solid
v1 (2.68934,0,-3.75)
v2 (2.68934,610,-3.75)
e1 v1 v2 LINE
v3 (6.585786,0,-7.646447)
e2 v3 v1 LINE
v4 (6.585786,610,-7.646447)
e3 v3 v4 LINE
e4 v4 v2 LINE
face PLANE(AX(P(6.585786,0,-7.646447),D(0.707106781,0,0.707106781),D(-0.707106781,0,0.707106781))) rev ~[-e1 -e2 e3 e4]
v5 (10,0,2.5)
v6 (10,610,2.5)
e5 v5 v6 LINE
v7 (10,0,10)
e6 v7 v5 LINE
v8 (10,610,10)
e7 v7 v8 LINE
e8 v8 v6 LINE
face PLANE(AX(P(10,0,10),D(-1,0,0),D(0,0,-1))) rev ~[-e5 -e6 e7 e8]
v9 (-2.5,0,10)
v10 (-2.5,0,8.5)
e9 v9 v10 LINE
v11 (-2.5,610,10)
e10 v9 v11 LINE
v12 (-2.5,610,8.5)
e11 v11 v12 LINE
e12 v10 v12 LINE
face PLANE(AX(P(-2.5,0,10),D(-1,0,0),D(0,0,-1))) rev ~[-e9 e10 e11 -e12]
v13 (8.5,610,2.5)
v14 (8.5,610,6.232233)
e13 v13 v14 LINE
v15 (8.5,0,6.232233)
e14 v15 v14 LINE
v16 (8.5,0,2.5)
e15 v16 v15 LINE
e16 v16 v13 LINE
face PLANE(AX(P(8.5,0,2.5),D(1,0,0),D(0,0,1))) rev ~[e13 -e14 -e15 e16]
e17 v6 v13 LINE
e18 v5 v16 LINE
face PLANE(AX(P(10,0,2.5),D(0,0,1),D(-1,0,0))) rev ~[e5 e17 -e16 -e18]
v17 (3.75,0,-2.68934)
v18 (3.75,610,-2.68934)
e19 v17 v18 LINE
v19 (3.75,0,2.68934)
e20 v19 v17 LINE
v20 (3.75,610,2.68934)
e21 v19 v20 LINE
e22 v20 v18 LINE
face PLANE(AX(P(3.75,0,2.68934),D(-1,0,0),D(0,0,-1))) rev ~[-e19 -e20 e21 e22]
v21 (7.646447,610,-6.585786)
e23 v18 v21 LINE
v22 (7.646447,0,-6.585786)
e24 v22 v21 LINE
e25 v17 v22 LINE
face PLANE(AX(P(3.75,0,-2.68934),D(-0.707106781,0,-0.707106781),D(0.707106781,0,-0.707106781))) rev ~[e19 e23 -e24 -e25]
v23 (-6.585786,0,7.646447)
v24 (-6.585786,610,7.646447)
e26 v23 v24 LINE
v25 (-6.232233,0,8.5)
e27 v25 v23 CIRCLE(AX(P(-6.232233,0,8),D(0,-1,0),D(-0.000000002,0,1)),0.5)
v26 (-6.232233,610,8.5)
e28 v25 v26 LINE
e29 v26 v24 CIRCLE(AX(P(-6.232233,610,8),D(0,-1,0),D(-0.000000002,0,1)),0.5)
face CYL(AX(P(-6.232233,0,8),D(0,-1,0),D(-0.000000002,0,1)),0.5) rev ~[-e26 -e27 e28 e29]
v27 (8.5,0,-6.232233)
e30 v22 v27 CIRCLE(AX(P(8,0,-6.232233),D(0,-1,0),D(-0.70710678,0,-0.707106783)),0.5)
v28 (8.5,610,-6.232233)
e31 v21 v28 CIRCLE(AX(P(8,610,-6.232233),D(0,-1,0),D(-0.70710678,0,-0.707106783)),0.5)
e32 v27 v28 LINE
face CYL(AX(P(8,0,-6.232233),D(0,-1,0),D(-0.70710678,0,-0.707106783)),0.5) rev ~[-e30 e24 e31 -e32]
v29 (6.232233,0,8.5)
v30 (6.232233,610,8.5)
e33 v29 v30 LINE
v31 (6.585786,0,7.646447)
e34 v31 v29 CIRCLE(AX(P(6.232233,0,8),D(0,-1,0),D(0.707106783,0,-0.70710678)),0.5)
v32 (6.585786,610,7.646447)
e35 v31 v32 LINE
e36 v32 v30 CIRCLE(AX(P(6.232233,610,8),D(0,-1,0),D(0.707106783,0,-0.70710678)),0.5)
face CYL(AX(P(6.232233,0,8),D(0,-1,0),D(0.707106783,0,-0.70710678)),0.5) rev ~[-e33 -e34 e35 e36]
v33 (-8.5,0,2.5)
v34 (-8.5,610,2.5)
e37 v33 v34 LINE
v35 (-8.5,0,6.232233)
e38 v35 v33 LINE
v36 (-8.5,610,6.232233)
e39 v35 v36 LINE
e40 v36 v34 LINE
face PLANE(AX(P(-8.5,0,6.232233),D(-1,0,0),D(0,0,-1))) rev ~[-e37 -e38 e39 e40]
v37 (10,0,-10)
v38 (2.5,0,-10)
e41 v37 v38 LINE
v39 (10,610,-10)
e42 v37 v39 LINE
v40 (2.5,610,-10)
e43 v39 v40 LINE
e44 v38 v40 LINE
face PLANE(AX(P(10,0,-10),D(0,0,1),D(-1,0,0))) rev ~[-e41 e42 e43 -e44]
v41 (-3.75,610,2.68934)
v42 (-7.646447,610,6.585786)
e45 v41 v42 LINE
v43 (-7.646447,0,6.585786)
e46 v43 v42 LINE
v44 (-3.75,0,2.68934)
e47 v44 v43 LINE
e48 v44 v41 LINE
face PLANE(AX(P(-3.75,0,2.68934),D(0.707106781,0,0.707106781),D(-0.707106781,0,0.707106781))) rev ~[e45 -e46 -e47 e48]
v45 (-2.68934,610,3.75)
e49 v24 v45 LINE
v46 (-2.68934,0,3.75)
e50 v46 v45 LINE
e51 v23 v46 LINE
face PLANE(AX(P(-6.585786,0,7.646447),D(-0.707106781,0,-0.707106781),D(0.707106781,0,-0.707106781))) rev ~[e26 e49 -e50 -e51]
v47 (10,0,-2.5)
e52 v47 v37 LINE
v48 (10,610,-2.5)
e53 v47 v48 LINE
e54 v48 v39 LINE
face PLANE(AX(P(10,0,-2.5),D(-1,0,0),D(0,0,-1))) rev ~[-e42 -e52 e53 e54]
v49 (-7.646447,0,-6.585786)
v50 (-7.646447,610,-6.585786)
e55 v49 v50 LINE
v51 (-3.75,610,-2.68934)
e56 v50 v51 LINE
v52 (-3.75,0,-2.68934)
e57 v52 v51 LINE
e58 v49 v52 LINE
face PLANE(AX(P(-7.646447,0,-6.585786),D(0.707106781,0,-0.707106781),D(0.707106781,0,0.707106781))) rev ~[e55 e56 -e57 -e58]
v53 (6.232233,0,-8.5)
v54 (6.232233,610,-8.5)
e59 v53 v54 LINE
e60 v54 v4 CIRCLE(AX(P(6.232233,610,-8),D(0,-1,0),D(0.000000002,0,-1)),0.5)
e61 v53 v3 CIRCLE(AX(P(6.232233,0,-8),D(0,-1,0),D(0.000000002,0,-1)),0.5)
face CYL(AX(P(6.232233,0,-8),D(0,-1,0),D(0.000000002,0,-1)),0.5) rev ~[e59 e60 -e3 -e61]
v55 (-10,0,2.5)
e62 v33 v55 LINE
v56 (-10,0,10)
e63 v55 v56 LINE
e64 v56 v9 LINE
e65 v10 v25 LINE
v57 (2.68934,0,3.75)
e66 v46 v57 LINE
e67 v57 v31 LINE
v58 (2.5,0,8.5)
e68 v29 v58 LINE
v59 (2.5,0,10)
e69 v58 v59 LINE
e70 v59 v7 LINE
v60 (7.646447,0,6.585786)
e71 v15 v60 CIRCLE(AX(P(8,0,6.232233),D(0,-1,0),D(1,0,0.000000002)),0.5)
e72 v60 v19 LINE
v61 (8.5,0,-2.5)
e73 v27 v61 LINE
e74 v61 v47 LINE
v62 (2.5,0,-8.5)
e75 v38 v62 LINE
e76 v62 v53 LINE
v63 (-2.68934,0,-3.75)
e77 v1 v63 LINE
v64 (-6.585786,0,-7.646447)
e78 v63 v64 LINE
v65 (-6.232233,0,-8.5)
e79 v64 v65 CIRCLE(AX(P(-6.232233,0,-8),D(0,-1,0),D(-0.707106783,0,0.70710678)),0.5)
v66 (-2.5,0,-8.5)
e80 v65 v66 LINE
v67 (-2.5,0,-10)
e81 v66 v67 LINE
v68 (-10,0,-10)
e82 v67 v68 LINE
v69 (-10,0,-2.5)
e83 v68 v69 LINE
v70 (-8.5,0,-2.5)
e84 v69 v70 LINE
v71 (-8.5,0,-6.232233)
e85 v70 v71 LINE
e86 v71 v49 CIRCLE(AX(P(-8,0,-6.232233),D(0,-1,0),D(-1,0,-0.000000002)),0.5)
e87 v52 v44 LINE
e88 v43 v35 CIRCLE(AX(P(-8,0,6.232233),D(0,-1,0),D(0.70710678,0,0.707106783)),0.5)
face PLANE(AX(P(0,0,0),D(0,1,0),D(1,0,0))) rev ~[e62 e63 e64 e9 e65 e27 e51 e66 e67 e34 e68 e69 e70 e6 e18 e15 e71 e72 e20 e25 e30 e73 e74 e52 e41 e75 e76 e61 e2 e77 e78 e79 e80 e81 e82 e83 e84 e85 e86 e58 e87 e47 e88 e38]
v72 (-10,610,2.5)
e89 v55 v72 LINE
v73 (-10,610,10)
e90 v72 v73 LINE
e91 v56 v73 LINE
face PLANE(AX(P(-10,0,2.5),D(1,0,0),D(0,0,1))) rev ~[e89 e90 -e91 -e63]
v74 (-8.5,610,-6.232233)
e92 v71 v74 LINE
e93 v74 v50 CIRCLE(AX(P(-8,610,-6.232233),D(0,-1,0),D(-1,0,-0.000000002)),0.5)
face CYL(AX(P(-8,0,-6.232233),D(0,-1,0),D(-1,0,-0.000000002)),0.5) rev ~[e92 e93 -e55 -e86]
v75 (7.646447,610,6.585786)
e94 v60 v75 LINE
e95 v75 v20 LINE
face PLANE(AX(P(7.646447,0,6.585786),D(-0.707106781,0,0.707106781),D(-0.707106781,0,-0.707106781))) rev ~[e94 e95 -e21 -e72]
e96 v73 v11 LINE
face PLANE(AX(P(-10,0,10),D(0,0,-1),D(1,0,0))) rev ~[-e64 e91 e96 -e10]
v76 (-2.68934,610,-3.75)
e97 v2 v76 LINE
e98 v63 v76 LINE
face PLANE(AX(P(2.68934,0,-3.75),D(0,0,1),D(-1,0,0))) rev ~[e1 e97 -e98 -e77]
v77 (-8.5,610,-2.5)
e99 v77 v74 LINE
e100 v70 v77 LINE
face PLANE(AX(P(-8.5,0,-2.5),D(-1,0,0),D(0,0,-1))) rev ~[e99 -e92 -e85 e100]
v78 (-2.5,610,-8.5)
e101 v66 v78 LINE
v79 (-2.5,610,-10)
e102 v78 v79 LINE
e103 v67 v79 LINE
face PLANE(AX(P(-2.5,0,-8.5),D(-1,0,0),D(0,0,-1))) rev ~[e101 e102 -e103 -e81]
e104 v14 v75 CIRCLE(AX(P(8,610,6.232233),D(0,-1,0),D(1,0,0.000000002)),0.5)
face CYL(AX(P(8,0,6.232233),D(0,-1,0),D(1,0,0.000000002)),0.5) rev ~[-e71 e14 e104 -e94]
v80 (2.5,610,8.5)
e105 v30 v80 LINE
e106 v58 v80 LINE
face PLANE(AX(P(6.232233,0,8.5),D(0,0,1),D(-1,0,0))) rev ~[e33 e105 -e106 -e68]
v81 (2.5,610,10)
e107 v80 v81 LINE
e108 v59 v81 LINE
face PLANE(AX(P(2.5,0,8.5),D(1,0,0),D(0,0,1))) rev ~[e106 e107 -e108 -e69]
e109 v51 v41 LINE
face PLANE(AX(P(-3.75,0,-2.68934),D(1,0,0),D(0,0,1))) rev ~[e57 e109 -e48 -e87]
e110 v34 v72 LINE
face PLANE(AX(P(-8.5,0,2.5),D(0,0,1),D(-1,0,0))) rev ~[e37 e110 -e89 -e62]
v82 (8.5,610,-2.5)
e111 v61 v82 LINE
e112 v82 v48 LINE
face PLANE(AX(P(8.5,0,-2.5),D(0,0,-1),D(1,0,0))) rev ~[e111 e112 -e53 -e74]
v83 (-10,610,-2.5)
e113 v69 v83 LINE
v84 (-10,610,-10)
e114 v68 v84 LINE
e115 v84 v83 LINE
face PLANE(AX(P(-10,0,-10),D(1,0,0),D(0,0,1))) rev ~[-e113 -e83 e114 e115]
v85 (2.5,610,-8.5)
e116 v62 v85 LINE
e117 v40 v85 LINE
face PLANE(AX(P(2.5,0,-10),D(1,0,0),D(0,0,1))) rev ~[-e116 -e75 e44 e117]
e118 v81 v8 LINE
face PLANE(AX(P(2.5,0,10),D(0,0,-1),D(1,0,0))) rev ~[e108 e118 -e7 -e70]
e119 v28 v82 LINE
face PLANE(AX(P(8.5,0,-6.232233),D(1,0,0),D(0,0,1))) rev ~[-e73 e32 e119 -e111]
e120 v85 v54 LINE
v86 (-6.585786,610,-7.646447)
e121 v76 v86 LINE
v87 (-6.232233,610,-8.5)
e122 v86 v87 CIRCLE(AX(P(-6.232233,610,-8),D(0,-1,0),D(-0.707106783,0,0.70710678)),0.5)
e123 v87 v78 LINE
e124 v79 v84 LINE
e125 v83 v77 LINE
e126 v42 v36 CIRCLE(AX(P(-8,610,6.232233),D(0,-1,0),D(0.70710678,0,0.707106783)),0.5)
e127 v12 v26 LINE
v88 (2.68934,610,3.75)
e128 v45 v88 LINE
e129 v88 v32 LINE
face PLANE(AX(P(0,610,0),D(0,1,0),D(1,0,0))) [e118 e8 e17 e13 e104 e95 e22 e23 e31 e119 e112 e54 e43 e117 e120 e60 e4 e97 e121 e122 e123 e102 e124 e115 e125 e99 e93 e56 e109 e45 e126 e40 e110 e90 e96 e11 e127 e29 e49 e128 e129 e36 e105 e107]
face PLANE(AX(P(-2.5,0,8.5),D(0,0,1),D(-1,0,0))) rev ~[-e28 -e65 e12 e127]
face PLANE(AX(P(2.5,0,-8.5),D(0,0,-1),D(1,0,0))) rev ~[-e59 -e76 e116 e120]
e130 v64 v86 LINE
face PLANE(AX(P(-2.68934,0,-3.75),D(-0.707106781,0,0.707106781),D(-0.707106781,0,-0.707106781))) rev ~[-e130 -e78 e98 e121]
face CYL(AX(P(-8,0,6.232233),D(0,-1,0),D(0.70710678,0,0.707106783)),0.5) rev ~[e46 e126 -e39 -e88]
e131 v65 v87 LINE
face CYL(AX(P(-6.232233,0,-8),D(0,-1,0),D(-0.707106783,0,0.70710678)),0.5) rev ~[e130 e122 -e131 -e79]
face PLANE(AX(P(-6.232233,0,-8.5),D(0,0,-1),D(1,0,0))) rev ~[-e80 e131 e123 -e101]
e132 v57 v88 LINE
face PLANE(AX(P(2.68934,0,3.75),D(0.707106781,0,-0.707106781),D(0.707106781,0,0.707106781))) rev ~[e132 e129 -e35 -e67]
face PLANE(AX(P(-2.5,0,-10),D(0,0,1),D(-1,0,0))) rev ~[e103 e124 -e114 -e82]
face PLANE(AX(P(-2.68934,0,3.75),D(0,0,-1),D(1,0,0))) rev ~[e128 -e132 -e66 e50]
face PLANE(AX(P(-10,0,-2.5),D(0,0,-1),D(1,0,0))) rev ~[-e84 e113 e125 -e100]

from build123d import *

# Parameters (mm, degrees)
BOSS_EXTRU_1_DEPTH = 610


with BuildPart() as part:
    # Esquisse1 → Boss.-Extru.1 (new body)
    with BuildSketch(Plane(origin=(0, 0, 0), x_dir=(1, 0, 0), z_dir=(0, 1, 0))):
        with BuildLine():
            Line((-10, -2.5), (-10, -10))
            Line((-10, -10), (-2.5, -10))
            Line((-2.5, -10), (-2.5, -8.5))
            Line((-2.5, -8.5), (-6.232233047, -8.5))
            ThreePointArc((-6.232233047, -8.5), (-6.694172813, -8.191341716), (-6.585786438, -7.646446609))
            Line((-6.585786438, -7.646446609), (-2.689339828, -3.75))
            Line((-2.689339828, -3.75), (2.689339828, -3.75))
            Line((2.689339828, -3.75), (6.585786438, -7.646446609))
            ThreePointArc((6.585786438, -7.646446609), (6.694172813, -8.191341716), (6.232233047, -8.5))
            Line((6.232233047, -8.5), (2.5, -8.5))
            Line((2.5, -8.5), (2.5, -10))
            Line((2.5, -10), (10, -10))
            Line((10, -10), (10, -2.5))
            Line((10, -2.5), (8.5, -2.5))
            Line((8.5, -2.5), (8.5, -6.232233047))
            ThreePointArc((8.5, -6.232233047), (8.191341716, -6.694172813), (7.646446609, -6.585786438))
            Line((7.646446609, -6.585786438), (3.75, -2.689339828))
            Line((3.75, -2.689339828), (3.75, 2.689339828))
            Line((3.75, 2.689339828), (7.646446609, 6.585786438))
            ThreePointArc((7.646446609, 6.585786438), (8.191341716, 6.694172813), (8.5, 6.232233047))
            Line((8.5, 6.232233047), (8.5, 2.5))
            Line((8.5, 2.5), (10, 2.5))
            Line((10, 2.5), (10, 10))
            Line((10, 10), (2.5, 10))
            Line((2.5, 10), (2.5, 8.5))
            Line((2.5, 8.5), (6.232233047, 8.5))
            ThreePointArc((6.232233047, 8.5), (6.694172813, 8.191341716), (6.585786438, 7.646446609))
            Line((6.585786438, 7.646446609), (2.689339828, 3.75))
            Line((2.689339828, 3.75), (-2.689339828, 3.75))
            Line((-2.689339828, 3.75), (-6.585786438, 7.646446609))
            ThreePointArc((-6.585786438, 7.646446609), (-6.694172813, 8.191341716), (-6.232233047, 8.5))
            Line((-6.232233047, 8.5), (-2.5, 8.5))
            Line((-2.5, 8.5), (-2.5, 10))
            Line((-2.5, 10), (-10, 10))
            Line((-10, 10), (-10, 2.5))
            Line((-10, 2.5), (-8.5, 2.5))
            Line((-8.5, 2.5), (-8.5, 6.232233047))
            ThreePointArc((-8.5, 6.232233047), (-8.191341716, 6.694172813), (-7.646446609, 6.585786438))
            Line((-7.646446609, 6.585786438), (-3.75, 2.689339828))
            Line((-3.75, 2.689339828), (-3.75, -2.689339828))
            Line((-3.75, -2.689339828), (-7.646446609, -6.585786438))
            ThreePointArc((-7.646446609, -6.585786438), (-8.191341716, -6.694172813), (-8.5, -6.232233047))
            Line((-8.5, -6.232233047), (-8.5, -2.5))
            Line((-8.5, -2.5), (-10, -2.5))
        make_face()
    extrude(amount=BOSS_EXTRU_1_DEPTH)


solid = part.part
